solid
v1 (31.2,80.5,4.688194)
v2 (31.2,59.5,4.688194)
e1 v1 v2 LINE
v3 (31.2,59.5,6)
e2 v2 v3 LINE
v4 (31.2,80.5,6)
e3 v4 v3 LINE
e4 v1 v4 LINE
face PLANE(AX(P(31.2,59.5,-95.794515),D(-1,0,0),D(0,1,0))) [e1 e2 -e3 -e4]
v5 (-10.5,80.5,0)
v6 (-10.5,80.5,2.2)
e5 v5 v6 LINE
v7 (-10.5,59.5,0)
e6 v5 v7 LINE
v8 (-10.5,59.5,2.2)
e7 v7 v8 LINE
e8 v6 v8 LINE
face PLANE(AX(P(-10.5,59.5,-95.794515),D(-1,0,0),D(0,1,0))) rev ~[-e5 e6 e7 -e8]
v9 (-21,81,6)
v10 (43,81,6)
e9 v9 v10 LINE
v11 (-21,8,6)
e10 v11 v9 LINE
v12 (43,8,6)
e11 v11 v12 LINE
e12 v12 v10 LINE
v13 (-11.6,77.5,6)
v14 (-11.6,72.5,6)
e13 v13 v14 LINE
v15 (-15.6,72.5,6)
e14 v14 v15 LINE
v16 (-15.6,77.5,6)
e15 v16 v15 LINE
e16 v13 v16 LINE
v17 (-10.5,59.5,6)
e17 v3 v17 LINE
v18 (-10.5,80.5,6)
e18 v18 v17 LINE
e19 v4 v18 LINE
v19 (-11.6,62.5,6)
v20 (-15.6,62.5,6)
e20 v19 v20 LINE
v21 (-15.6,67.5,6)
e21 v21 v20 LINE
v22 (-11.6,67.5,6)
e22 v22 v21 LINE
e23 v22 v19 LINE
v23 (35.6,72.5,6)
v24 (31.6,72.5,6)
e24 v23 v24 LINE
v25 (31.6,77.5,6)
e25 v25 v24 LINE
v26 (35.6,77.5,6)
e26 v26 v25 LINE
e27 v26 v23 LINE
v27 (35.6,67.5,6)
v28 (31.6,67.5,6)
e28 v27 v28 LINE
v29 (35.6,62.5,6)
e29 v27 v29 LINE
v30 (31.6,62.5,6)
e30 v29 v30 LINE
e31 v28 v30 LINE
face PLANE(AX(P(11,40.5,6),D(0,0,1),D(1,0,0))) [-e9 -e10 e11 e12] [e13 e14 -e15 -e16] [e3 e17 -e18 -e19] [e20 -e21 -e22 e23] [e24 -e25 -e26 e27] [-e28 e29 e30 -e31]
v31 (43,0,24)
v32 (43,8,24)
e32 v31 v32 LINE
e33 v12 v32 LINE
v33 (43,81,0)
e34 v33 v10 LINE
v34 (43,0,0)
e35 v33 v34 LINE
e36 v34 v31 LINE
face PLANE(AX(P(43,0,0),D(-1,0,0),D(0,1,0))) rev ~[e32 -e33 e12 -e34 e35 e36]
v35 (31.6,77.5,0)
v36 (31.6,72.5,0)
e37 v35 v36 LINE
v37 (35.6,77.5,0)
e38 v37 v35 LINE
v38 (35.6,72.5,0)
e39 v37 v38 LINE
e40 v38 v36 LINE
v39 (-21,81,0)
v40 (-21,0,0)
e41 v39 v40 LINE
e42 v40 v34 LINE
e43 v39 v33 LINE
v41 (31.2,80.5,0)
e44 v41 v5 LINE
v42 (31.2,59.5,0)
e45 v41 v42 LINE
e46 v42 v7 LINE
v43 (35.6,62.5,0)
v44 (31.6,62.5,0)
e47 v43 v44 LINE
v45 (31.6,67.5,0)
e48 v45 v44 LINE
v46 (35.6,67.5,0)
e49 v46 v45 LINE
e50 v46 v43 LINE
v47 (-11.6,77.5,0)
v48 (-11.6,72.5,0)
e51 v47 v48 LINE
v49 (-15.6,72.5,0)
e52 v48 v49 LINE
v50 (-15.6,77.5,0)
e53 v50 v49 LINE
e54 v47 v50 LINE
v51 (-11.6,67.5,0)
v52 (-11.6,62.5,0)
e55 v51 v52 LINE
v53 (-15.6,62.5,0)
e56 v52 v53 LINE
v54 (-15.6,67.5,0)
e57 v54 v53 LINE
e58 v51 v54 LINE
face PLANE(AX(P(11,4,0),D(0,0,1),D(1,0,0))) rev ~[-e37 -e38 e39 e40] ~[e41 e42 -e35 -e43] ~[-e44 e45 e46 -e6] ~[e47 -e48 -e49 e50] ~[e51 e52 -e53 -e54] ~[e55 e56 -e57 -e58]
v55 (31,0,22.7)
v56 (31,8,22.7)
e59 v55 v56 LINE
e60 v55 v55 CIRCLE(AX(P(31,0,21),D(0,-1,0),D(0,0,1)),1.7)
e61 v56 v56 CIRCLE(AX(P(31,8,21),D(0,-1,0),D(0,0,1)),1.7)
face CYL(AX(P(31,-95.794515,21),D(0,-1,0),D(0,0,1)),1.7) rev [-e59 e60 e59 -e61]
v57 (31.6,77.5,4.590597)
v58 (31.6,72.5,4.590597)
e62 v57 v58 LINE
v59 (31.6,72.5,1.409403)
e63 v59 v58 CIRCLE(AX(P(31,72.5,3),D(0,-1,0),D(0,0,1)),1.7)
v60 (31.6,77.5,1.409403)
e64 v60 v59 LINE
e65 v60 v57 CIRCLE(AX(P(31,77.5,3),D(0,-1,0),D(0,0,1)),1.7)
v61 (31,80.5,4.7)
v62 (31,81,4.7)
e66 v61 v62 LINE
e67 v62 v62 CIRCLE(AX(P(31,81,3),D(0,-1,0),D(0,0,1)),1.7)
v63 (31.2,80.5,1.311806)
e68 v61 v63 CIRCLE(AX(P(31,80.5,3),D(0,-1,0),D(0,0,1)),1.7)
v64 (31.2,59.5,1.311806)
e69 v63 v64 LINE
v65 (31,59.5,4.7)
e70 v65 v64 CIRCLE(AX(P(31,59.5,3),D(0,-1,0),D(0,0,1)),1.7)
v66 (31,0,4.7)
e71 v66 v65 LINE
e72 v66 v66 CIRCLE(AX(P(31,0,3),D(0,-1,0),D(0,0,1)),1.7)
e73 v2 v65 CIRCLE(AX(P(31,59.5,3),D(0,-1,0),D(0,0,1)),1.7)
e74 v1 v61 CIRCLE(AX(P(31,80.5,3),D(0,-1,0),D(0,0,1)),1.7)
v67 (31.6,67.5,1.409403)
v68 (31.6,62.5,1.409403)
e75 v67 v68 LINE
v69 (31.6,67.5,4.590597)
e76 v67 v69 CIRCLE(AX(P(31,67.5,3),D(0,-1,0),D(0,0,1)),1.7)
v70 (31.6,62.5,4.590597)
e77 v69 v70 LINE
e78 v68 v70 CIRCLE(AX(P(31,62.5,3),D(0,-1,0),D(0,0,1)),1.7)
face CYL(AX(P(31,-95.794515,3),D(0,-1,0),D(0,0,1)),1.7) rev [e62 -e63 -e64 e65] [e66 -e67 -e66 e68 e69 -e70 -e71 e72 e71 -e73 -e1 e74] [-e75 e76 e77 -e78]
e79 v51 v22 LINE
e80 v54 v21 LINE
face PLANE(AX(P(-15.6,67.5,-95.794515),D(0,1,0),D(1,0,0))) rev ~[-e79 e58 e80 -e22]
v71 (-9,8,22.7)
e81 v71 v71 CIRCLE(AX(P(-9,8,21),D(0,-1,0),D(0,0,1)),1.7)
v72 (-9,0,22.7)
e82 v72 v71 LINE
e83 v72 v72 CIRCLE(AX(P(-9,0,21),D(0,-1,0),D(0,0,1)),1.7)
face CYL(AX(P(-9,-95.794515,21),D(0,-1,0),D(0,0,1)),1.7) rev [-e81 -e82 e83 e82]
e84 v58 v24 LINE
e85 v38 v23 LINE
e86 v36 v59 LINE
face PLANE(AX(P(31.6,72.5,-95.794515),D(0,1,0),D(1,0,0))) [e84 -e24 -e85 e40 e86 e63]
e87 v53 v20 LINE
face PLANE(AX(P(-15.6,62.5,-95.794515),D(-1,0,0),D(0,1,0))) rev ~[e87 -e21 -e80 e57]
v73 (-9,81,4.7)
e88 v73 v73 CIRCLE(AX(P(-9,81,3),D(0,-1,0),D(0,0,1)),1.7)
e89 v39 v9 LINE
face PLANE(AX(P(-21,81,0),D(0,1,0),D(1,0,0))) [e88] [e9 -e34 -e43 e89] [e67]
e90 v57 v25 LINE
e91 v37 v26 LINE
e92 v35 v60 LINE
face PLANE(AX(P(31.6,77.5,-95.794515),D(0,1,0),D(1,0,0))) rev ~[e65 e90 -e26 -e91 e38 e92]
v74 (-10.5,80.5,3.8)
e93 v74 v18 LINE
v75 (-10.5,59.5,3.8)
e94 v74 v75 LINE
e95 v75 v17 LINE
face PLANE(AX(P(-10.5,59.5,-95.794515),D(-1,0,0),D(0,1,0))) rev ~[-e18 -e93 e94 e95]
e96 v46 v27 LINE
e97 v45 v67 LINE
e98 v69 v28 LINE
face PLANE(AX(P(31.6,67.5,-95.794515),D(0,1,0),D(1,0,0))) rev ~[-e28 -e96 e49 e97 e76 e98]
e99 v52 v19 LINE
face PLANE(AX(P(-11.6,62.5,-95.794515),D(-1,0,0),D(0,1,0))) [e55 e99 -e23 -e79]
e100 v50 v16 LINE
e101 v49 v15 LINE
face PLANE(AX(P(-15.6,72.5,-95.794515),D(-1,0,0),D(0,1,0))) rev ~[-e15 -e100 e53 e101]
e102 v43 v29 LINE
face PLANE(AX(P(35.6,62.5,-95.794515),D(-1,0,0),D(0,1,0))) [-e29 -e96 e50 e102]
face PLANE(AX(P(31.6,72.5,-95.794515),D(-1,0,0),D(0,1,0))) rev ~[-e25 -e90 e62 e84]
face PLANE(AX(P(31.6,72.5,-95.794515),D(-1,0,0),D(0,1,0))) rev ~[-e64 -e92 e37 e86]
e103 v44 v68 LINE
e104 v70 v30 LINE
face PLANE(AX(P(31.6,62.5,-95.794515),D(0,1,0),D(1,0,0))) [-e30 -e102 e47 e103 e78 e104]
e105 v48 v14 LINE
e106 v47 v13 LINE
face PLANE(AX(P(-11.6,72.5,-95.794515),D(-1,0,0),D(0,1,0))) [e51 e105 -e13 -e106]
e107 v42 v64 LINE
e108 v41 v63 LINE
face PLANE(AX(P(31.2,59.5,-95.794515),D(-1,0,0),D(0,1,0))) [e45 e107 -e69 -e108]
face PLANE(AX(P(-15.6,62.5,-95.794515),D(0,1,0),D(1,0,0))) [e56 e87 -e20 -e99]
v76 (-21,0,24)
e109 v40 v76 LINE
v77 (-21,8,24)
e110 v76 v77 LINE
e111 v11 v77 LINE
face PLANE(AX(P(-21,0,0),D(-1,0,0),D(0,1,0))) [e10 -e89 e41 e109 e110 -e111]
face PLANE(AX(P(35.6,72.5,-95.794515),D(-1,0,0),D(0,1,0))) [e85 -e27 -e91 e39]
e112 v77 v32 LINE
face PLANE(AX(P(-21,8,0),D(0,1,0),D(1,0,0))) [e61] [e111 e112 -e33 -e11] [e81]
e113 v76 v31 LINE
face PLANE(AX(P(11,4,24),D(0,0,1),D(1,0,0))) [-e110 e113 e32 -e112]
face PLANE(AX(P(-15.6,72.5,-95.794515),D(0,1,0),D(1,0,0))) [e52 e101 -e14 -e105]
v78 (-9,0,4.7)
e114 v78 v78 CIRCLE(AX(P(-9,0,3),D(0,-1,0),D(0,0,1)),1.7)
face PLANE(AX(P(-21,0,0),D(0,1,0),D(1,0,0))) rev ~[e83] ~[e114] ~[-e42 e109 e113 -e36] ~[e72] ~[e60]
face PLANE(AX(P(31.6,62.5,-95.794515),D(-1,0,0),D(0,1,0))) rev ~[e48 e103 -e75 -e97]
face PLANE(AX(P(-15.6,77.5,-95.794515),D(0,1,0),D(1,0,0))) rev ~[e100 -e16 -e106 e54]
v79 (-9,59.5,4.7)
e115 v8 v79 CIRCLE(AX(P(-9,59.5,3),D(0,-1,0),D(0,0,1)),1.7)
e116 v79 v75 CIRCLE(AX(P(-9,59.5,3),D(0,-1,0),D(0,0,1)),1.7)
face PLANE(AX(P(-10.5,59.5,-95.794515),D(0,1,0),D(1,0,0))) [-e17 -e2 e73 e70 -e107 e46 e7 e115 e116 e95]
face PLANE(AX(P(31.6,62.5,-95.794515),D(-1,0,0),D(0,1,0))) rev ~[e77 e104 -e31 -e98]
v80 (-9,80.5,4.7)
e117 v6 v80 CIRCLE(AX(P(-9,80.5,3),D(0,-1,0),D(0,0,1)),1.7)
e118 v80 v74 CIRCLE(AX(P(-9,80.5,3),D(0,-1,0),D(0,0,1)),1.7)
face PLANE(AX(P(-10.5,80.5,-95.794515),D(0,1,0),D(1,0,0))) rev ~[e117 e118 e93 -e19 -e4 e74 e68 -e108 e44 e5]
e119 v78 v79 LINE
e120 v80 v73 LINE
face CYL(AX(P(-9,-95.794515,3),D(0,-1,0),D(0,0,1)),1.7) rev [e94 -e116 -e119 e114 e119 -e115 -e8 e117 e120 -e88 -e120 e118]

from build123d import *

# Parameters (mm, degrees)
SKETCH_1_W                                      = 64
SKETCH_1_H                                      = 8
SERVO_FOOT_DEPTH                                = 24
SKETCH_2_W                                      = 64
SKETCH_2_H                                      = 81
SERVO_FACE_PLATE_DEPTH                          = 6
MG995_BODY_WINDOW_REFERENCE_DEPTH               = 95.794514609
MG995_BODY_WINDOW_REFERENCE_DEPTH_BACK          = 95.794514609
SKETCH_3_W                                      = 41.7
SKETCH_3_H                                      = 21
MG995_47P2X10_REFERENCE_SLOTS_VERIFY_DEPTH      = 95.794514609
MG995_47P2X10_REFERENCE_SLOTS_VERIFY_DEPTH_BACK = 95.794514609
SKETCH_4_W                                      = 4
SKETCH_4_H                                      = 5
SERVO_FOOT_M3_DEPTH                             = 95.794514609
SERVO_FOOT_M3_DEPTH_BACK                        = 95.794514609
SKETCH_5_R                                      = 1.7


with BuildPart() as part:
    # 草图1 → Servo_foot (new body)
    with BuildSketch(Plane.XY):
        with Locations((11, 4)):
            Rectangle(SKETCH_1_W, SKETCH_1_H)
    extrude(amount=SERVO_FOOT_DEPTH)

    # 草图2 → Servo_face_plate (add)
    with BuildSketch(Plane.XY):
        with Locations((11, 40.5)):
            Rectangle(SKETCH_2_W, SKETCH_2_H)
    extrude(amount=SERVO_FACE_PLATE_DEPTH)

    # 草图3 → MG995_body_window_REFERENCE (cut, two sides: drawn at the far end of the back side and taken through both)
    with BuildSketch(Plane.XY.offset(-MG995_BODY_WINDOW_REFERENCE_DEPTH_BACK)):
        with Locations((10.35, 70)):
            Rectangle(SKETCH_3_W, SKETCH_3_H)
    extrude(amount=MG995_BODY_WINDOW_REFERENCE_DEPTH + MG995_BODY_WINDOW_REFERENCE_DEPTH_BACK, mode=Mode.SUBTRACT)

    # 草图4 → MG995_47p2x10_reference_slots_VERIFY (cut, two sides: drawn at the far end of the back side and taken through both)
    with BuildSketch(Plane.XY.offset(-MG995_47P2X10_REFERENCE_SLOTS_VERIFY_DEPTH_BACK)):
        with Locations((-13.6, 65)):
            Rectangle(SKETCH_4_W, SKETCH_4_H)
        with Locations((-13.6, 75)):
            Rectangle(SKETCH_4_W, SKETCH_4_H)
        with Locations((33.6, 65)):
            Rectangle(SKETCH_4_W, SKETCH_4_H)
        with Locations((33.6, 75)):
            Rectangle(SKETCH_4_W, SKETCH_4_H)
    extrude(amount=MG995_47P2X10_REFERENCE_SLOTS_VERIFY_DEPTH + MG995_47P2X10_REFERENCE_SLOTS_VERIFY_DEPTH_BACK, mode=Mode.SUBTRACT)

    # 草图5 → Servo_foot_M3 (cut, two sides: drawn at the far end of the back side and taken through both)
    with BuildSketch(Plane(origin=(0, 0, 0), x_dir=(1, 0, 0), z_dir=(0, 1, 0)).offset(-SERVO_FOOT_M3_DEPTH_BACK)):
        with Locations(Location((-9, -3, 0), (0, 0, 270))):
            Circle(SKETCH_5_R)
        with Locations(Location((-9, -21, 0), (0, 0, 270))):
            Circle(SKETCH_5_R)
        with Locations(Location((31, -3, 0), (0, 0, 270))):
            Circle(SKETCH_5_R)
        with Locations(Location((31, -21, 0), (0, 0, 270))):
            Circle(SKETCH_5_R)
    extrude(amount=SERVO_FOOT_M3_DEPTH + SERVO_FOOT_M3_DEPTH_BACK, mode=Mode.SUBTRACT)


solid = part.part
